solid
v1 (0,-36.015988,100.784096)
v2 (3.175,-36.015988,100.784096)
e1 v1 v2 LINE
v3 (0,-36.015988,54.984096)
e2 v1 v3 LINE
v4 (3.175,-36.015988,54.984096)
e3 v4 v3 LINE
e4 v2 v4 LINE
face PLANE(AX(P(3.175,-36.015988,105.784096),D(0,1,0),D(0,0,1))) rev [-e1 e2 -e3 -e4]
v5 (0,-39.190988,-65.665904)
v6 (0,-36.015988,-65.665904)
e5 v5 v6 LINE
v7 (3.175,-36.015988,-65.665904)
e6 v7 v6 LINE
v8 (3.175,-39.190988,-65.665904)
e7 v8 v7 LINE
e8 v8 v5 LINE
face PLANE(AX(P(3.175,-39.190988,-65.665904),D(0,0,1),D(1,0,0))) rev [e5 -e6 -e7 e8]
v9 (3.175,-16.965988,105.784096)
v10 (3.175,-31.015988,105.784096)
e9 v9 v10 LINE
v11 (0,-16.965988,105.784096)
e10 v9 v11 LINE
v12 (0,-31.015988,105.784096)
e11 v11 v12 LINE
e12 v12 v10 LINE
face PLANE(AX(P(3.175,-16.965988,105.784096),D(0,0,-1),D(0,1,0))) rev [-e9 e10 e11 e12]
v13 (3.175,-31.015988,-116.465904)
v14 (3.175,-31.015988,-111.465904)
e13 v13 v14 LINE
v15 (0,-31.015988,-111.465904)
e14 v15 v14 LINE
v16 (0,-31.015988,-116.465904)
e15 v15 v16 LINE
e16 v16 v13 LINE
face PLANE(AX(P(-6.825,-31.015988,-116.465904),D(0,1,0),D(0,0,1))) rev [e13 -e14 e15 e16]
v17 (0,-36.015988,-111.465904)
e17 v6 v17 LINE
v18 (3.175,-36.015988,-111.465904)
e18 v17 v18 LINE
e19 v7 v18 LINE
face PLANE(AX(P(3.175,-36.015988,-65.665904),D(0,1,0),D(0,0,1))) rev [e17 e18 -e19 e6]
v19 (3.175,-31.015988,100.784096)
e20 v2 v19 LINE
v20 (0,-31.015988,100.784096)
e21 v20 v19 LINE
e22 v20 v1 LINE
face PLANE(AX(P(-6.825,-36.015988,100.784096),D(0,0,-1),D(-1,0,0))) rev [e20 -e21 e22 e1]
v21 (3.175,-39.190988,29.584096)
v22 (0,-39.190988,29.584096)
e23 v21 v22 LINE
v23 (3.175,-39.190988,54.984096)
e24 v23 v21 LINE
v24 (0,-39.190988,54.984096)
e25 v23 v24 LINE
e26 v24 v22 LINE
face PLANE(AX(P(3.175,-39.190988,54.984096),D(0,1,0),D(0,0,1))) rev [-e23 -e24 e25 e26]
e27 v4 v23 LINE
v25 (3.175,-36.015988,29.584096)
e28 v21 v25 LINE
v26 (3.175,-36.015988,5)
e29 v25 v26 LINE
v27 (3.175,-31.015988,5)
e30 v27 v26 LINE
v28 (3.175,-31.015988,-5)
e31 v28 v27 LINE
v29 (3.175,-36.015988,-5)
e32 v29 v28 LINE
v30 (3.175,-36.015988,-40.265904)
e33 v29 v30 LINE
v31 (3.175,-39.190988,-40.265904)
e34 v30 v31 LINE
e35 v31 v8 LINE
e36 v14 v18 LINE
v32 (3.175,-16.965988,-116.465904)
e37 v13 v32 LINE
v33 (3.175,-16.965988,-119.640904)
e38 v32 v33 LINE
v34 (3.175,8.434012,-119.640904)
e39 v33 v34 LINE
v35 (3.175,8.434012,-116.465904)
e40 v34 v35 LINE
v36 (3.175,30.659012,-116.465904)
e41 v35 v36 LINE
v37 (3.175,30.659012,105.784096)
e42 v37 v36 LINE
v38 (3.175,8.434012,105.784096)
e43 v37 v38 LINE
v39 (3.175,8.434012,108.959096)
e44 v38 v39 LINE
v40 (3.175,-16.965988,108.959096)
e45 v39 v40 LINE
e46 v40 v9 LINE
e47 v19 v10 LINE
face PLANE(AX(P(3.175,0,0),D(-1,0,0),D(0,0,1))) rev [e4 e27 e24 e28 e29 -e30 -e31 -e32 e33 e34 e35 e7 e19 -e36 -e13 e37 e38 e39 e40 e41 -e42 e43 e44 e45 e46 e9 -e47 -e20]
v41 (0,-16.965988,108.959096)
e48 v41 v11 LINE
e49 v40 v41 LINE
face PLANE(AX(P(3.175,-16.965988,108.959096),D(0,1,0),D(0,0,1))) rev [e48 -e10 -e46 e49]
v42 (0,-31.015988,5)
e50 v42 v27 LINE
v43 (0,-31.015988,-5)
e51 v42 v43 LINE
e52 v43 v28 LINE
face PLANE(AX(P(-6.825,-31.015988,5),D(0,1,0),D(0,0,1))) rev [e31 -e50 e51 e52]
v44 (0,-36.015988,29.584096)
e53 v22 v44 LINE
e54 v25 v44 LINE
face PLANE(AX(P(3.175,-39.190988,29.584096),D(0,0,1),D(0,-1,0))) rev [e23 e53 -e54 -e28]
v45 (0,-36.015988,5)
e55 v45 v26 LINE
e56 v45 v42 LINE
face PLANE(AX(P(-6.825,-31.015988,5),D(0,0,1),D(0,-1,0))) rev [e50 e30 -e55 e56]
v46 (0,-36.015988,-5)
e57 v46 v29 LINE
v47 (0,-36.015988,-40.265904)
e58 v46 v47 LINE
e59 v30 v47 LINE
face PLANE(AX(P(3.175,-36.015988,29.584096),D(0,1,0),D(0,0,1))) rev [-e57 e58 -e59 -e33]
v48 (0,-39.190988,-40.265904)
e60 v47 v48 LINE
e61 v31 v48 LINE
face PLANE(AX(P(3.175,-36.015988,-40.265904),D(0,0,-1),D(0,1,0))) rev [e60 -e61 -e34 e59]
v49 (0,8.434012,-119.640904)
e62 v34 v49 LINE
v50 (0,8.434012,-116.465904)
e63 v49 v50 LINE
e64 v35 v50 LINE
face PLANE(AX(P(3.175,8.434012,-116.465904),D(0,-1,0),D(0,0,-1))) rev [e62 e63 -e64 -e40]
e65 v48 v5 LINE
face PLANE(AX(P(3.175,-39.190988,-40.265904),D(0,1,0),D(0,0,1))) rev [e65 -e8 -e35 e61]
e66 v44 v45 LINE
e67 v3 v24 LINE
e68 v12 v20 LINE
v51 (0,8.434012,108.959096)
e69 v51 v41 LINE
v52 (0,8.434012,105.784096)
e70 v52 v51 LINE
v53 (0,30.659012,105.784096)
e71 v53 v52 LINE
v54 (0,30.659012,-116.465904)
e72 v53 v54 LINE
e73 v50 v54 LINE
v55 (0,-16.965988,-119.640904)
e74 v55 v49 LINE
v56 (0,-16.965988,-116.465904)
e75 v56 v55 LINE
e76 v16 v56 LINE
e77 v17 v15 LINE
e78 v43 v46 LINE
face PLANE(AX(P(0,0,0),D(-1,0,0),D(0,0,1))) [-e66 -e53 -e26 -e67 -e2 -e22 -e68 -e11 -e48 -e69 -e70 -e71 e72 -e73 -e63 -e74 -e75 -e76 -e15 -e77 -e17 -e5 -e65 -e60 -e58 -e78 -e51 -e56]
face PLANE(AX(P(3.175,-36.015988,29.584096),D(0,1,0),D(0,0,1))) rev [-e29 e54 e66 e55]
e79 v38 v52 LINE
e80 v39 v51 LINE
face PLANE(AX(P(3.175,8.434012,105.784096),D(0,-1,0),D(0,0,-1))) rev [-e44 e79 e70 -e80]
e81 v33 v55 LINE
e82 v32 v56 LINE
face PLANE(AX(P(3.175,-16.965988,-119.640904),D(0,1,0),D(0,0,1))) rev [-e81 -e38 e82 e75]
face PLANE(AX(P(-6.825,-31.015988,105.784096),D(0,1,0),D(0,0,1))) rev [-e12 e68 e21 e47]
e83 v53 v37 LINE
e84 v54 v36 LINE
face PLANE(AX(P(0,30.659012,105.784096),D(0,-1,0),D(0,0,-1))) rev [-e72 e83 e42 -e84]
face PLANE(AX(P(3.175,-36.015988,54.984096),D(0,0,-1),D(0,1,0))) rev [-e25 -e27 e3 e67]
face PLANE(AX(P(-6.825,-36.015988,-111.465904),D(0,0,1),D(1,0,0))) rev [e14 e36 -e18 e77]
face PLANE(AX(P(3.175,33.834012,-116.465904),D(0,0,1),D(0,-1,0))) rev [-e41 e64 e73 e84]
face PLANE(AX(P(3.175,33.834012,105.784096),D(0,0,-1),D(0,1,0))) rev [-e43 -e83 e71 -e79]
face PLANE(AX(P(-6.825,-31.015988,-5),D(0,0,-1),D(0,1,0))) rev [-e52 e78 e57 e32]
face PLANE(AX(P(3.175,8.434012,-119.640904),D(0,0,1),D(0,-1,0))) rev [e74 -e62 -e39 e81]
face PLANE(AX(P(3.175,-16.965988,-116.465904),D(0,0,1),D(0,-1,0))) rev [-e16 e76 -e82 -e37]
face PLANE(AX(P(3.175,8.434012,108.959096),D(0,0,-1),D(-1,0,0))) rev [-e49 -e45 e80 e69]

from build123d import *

# Parameters (mm, degrees)
BOSS_EXTRUDE1_DEPTH = 3.175
SKETCH2_W           = 222.25
SKETCH2_H           = 3.175
CUT_EXTRUDE1_DEPTH  = 4.175
SKETCH3_W           = 5
SKETCH3_H           = 5
SKETCH3_W_2         = 10
CUT_EXTRUDE2_DEPTH  = 10


with BuildPart() as part:
    # Sketch1 → Boss-Extrude1 (new body)
    with BuildSketch(Plane(origin=(0, 0, 0), x_dir=(0, 0, -1), z_dir=(1, 0, 0))):
        Polygon((-105.784096482, 33.834012461), (-105.784096482, 8.434012461), (-108.959096482, 8.434012461), (-108.959096482, -16.965987539), (-105.784096482, -16.965987539), (-105.784096482, -36.015987539), (-54.984096482, -36.015987539), (-54.984096482, -39.190987539), (-29.584096482, -39.190987539), (-29.584096482, -36.015987539), (40.265903518, -36.015987539), (40.265903518, -39.190987539), (65.665903518, -39.190987539), (65.665903518, -36.015987539), (116.465903518, -36.015987539), (116.465903518, -16.965987539), (119.640903518, -16.965987539), (119.640903518, 8.434012461), (116.465903518, 8.434012461), (116.465903518, 33.834012461), align=None)
    extrude(amount=BOSS_EXTRUDE1_DEPTH)

    # Sketch2 → Cut-Extrude1 (cut, through all)
    with BuildSketch(Plane(origin=(3.175, 0, 0), x_dir=(0, 0, -1), z_dir=(1, 0, 0))):
        with Locations((5.340903518, 32.246512461)):
            Rectangle(SKETCH2_W, SKETCH2_H)
    extrude(amount=-CUT_EXTRUDE1_DEPTH, mode=Mode.SUBTRACT)

    # Sketch3 → Cut-Extrude2 (cut)
    with BuildSketch(Plane(origin=(3.175, 0, 0), x_dir=(0, 0, -1), z_dir=(1, 0, 0))):
        with Locations((-103.284096482, -33.515987539)):
            Rectangle(SKETCH3_W, SKETCH3_H)
        with Locations((113.965903518, -33.515987539)):
            Rectangle(SKETCH3_W, SKETCH3_H)
        with Locations((0, -33.515987539)):
            Rectangle(SKETCH3_W_2, SKETCH3_H)
    extrude(amount=-CUT_EXTRUDE2_DEPTH, mode=Mode.SUBTRACT)


solid = part.part
